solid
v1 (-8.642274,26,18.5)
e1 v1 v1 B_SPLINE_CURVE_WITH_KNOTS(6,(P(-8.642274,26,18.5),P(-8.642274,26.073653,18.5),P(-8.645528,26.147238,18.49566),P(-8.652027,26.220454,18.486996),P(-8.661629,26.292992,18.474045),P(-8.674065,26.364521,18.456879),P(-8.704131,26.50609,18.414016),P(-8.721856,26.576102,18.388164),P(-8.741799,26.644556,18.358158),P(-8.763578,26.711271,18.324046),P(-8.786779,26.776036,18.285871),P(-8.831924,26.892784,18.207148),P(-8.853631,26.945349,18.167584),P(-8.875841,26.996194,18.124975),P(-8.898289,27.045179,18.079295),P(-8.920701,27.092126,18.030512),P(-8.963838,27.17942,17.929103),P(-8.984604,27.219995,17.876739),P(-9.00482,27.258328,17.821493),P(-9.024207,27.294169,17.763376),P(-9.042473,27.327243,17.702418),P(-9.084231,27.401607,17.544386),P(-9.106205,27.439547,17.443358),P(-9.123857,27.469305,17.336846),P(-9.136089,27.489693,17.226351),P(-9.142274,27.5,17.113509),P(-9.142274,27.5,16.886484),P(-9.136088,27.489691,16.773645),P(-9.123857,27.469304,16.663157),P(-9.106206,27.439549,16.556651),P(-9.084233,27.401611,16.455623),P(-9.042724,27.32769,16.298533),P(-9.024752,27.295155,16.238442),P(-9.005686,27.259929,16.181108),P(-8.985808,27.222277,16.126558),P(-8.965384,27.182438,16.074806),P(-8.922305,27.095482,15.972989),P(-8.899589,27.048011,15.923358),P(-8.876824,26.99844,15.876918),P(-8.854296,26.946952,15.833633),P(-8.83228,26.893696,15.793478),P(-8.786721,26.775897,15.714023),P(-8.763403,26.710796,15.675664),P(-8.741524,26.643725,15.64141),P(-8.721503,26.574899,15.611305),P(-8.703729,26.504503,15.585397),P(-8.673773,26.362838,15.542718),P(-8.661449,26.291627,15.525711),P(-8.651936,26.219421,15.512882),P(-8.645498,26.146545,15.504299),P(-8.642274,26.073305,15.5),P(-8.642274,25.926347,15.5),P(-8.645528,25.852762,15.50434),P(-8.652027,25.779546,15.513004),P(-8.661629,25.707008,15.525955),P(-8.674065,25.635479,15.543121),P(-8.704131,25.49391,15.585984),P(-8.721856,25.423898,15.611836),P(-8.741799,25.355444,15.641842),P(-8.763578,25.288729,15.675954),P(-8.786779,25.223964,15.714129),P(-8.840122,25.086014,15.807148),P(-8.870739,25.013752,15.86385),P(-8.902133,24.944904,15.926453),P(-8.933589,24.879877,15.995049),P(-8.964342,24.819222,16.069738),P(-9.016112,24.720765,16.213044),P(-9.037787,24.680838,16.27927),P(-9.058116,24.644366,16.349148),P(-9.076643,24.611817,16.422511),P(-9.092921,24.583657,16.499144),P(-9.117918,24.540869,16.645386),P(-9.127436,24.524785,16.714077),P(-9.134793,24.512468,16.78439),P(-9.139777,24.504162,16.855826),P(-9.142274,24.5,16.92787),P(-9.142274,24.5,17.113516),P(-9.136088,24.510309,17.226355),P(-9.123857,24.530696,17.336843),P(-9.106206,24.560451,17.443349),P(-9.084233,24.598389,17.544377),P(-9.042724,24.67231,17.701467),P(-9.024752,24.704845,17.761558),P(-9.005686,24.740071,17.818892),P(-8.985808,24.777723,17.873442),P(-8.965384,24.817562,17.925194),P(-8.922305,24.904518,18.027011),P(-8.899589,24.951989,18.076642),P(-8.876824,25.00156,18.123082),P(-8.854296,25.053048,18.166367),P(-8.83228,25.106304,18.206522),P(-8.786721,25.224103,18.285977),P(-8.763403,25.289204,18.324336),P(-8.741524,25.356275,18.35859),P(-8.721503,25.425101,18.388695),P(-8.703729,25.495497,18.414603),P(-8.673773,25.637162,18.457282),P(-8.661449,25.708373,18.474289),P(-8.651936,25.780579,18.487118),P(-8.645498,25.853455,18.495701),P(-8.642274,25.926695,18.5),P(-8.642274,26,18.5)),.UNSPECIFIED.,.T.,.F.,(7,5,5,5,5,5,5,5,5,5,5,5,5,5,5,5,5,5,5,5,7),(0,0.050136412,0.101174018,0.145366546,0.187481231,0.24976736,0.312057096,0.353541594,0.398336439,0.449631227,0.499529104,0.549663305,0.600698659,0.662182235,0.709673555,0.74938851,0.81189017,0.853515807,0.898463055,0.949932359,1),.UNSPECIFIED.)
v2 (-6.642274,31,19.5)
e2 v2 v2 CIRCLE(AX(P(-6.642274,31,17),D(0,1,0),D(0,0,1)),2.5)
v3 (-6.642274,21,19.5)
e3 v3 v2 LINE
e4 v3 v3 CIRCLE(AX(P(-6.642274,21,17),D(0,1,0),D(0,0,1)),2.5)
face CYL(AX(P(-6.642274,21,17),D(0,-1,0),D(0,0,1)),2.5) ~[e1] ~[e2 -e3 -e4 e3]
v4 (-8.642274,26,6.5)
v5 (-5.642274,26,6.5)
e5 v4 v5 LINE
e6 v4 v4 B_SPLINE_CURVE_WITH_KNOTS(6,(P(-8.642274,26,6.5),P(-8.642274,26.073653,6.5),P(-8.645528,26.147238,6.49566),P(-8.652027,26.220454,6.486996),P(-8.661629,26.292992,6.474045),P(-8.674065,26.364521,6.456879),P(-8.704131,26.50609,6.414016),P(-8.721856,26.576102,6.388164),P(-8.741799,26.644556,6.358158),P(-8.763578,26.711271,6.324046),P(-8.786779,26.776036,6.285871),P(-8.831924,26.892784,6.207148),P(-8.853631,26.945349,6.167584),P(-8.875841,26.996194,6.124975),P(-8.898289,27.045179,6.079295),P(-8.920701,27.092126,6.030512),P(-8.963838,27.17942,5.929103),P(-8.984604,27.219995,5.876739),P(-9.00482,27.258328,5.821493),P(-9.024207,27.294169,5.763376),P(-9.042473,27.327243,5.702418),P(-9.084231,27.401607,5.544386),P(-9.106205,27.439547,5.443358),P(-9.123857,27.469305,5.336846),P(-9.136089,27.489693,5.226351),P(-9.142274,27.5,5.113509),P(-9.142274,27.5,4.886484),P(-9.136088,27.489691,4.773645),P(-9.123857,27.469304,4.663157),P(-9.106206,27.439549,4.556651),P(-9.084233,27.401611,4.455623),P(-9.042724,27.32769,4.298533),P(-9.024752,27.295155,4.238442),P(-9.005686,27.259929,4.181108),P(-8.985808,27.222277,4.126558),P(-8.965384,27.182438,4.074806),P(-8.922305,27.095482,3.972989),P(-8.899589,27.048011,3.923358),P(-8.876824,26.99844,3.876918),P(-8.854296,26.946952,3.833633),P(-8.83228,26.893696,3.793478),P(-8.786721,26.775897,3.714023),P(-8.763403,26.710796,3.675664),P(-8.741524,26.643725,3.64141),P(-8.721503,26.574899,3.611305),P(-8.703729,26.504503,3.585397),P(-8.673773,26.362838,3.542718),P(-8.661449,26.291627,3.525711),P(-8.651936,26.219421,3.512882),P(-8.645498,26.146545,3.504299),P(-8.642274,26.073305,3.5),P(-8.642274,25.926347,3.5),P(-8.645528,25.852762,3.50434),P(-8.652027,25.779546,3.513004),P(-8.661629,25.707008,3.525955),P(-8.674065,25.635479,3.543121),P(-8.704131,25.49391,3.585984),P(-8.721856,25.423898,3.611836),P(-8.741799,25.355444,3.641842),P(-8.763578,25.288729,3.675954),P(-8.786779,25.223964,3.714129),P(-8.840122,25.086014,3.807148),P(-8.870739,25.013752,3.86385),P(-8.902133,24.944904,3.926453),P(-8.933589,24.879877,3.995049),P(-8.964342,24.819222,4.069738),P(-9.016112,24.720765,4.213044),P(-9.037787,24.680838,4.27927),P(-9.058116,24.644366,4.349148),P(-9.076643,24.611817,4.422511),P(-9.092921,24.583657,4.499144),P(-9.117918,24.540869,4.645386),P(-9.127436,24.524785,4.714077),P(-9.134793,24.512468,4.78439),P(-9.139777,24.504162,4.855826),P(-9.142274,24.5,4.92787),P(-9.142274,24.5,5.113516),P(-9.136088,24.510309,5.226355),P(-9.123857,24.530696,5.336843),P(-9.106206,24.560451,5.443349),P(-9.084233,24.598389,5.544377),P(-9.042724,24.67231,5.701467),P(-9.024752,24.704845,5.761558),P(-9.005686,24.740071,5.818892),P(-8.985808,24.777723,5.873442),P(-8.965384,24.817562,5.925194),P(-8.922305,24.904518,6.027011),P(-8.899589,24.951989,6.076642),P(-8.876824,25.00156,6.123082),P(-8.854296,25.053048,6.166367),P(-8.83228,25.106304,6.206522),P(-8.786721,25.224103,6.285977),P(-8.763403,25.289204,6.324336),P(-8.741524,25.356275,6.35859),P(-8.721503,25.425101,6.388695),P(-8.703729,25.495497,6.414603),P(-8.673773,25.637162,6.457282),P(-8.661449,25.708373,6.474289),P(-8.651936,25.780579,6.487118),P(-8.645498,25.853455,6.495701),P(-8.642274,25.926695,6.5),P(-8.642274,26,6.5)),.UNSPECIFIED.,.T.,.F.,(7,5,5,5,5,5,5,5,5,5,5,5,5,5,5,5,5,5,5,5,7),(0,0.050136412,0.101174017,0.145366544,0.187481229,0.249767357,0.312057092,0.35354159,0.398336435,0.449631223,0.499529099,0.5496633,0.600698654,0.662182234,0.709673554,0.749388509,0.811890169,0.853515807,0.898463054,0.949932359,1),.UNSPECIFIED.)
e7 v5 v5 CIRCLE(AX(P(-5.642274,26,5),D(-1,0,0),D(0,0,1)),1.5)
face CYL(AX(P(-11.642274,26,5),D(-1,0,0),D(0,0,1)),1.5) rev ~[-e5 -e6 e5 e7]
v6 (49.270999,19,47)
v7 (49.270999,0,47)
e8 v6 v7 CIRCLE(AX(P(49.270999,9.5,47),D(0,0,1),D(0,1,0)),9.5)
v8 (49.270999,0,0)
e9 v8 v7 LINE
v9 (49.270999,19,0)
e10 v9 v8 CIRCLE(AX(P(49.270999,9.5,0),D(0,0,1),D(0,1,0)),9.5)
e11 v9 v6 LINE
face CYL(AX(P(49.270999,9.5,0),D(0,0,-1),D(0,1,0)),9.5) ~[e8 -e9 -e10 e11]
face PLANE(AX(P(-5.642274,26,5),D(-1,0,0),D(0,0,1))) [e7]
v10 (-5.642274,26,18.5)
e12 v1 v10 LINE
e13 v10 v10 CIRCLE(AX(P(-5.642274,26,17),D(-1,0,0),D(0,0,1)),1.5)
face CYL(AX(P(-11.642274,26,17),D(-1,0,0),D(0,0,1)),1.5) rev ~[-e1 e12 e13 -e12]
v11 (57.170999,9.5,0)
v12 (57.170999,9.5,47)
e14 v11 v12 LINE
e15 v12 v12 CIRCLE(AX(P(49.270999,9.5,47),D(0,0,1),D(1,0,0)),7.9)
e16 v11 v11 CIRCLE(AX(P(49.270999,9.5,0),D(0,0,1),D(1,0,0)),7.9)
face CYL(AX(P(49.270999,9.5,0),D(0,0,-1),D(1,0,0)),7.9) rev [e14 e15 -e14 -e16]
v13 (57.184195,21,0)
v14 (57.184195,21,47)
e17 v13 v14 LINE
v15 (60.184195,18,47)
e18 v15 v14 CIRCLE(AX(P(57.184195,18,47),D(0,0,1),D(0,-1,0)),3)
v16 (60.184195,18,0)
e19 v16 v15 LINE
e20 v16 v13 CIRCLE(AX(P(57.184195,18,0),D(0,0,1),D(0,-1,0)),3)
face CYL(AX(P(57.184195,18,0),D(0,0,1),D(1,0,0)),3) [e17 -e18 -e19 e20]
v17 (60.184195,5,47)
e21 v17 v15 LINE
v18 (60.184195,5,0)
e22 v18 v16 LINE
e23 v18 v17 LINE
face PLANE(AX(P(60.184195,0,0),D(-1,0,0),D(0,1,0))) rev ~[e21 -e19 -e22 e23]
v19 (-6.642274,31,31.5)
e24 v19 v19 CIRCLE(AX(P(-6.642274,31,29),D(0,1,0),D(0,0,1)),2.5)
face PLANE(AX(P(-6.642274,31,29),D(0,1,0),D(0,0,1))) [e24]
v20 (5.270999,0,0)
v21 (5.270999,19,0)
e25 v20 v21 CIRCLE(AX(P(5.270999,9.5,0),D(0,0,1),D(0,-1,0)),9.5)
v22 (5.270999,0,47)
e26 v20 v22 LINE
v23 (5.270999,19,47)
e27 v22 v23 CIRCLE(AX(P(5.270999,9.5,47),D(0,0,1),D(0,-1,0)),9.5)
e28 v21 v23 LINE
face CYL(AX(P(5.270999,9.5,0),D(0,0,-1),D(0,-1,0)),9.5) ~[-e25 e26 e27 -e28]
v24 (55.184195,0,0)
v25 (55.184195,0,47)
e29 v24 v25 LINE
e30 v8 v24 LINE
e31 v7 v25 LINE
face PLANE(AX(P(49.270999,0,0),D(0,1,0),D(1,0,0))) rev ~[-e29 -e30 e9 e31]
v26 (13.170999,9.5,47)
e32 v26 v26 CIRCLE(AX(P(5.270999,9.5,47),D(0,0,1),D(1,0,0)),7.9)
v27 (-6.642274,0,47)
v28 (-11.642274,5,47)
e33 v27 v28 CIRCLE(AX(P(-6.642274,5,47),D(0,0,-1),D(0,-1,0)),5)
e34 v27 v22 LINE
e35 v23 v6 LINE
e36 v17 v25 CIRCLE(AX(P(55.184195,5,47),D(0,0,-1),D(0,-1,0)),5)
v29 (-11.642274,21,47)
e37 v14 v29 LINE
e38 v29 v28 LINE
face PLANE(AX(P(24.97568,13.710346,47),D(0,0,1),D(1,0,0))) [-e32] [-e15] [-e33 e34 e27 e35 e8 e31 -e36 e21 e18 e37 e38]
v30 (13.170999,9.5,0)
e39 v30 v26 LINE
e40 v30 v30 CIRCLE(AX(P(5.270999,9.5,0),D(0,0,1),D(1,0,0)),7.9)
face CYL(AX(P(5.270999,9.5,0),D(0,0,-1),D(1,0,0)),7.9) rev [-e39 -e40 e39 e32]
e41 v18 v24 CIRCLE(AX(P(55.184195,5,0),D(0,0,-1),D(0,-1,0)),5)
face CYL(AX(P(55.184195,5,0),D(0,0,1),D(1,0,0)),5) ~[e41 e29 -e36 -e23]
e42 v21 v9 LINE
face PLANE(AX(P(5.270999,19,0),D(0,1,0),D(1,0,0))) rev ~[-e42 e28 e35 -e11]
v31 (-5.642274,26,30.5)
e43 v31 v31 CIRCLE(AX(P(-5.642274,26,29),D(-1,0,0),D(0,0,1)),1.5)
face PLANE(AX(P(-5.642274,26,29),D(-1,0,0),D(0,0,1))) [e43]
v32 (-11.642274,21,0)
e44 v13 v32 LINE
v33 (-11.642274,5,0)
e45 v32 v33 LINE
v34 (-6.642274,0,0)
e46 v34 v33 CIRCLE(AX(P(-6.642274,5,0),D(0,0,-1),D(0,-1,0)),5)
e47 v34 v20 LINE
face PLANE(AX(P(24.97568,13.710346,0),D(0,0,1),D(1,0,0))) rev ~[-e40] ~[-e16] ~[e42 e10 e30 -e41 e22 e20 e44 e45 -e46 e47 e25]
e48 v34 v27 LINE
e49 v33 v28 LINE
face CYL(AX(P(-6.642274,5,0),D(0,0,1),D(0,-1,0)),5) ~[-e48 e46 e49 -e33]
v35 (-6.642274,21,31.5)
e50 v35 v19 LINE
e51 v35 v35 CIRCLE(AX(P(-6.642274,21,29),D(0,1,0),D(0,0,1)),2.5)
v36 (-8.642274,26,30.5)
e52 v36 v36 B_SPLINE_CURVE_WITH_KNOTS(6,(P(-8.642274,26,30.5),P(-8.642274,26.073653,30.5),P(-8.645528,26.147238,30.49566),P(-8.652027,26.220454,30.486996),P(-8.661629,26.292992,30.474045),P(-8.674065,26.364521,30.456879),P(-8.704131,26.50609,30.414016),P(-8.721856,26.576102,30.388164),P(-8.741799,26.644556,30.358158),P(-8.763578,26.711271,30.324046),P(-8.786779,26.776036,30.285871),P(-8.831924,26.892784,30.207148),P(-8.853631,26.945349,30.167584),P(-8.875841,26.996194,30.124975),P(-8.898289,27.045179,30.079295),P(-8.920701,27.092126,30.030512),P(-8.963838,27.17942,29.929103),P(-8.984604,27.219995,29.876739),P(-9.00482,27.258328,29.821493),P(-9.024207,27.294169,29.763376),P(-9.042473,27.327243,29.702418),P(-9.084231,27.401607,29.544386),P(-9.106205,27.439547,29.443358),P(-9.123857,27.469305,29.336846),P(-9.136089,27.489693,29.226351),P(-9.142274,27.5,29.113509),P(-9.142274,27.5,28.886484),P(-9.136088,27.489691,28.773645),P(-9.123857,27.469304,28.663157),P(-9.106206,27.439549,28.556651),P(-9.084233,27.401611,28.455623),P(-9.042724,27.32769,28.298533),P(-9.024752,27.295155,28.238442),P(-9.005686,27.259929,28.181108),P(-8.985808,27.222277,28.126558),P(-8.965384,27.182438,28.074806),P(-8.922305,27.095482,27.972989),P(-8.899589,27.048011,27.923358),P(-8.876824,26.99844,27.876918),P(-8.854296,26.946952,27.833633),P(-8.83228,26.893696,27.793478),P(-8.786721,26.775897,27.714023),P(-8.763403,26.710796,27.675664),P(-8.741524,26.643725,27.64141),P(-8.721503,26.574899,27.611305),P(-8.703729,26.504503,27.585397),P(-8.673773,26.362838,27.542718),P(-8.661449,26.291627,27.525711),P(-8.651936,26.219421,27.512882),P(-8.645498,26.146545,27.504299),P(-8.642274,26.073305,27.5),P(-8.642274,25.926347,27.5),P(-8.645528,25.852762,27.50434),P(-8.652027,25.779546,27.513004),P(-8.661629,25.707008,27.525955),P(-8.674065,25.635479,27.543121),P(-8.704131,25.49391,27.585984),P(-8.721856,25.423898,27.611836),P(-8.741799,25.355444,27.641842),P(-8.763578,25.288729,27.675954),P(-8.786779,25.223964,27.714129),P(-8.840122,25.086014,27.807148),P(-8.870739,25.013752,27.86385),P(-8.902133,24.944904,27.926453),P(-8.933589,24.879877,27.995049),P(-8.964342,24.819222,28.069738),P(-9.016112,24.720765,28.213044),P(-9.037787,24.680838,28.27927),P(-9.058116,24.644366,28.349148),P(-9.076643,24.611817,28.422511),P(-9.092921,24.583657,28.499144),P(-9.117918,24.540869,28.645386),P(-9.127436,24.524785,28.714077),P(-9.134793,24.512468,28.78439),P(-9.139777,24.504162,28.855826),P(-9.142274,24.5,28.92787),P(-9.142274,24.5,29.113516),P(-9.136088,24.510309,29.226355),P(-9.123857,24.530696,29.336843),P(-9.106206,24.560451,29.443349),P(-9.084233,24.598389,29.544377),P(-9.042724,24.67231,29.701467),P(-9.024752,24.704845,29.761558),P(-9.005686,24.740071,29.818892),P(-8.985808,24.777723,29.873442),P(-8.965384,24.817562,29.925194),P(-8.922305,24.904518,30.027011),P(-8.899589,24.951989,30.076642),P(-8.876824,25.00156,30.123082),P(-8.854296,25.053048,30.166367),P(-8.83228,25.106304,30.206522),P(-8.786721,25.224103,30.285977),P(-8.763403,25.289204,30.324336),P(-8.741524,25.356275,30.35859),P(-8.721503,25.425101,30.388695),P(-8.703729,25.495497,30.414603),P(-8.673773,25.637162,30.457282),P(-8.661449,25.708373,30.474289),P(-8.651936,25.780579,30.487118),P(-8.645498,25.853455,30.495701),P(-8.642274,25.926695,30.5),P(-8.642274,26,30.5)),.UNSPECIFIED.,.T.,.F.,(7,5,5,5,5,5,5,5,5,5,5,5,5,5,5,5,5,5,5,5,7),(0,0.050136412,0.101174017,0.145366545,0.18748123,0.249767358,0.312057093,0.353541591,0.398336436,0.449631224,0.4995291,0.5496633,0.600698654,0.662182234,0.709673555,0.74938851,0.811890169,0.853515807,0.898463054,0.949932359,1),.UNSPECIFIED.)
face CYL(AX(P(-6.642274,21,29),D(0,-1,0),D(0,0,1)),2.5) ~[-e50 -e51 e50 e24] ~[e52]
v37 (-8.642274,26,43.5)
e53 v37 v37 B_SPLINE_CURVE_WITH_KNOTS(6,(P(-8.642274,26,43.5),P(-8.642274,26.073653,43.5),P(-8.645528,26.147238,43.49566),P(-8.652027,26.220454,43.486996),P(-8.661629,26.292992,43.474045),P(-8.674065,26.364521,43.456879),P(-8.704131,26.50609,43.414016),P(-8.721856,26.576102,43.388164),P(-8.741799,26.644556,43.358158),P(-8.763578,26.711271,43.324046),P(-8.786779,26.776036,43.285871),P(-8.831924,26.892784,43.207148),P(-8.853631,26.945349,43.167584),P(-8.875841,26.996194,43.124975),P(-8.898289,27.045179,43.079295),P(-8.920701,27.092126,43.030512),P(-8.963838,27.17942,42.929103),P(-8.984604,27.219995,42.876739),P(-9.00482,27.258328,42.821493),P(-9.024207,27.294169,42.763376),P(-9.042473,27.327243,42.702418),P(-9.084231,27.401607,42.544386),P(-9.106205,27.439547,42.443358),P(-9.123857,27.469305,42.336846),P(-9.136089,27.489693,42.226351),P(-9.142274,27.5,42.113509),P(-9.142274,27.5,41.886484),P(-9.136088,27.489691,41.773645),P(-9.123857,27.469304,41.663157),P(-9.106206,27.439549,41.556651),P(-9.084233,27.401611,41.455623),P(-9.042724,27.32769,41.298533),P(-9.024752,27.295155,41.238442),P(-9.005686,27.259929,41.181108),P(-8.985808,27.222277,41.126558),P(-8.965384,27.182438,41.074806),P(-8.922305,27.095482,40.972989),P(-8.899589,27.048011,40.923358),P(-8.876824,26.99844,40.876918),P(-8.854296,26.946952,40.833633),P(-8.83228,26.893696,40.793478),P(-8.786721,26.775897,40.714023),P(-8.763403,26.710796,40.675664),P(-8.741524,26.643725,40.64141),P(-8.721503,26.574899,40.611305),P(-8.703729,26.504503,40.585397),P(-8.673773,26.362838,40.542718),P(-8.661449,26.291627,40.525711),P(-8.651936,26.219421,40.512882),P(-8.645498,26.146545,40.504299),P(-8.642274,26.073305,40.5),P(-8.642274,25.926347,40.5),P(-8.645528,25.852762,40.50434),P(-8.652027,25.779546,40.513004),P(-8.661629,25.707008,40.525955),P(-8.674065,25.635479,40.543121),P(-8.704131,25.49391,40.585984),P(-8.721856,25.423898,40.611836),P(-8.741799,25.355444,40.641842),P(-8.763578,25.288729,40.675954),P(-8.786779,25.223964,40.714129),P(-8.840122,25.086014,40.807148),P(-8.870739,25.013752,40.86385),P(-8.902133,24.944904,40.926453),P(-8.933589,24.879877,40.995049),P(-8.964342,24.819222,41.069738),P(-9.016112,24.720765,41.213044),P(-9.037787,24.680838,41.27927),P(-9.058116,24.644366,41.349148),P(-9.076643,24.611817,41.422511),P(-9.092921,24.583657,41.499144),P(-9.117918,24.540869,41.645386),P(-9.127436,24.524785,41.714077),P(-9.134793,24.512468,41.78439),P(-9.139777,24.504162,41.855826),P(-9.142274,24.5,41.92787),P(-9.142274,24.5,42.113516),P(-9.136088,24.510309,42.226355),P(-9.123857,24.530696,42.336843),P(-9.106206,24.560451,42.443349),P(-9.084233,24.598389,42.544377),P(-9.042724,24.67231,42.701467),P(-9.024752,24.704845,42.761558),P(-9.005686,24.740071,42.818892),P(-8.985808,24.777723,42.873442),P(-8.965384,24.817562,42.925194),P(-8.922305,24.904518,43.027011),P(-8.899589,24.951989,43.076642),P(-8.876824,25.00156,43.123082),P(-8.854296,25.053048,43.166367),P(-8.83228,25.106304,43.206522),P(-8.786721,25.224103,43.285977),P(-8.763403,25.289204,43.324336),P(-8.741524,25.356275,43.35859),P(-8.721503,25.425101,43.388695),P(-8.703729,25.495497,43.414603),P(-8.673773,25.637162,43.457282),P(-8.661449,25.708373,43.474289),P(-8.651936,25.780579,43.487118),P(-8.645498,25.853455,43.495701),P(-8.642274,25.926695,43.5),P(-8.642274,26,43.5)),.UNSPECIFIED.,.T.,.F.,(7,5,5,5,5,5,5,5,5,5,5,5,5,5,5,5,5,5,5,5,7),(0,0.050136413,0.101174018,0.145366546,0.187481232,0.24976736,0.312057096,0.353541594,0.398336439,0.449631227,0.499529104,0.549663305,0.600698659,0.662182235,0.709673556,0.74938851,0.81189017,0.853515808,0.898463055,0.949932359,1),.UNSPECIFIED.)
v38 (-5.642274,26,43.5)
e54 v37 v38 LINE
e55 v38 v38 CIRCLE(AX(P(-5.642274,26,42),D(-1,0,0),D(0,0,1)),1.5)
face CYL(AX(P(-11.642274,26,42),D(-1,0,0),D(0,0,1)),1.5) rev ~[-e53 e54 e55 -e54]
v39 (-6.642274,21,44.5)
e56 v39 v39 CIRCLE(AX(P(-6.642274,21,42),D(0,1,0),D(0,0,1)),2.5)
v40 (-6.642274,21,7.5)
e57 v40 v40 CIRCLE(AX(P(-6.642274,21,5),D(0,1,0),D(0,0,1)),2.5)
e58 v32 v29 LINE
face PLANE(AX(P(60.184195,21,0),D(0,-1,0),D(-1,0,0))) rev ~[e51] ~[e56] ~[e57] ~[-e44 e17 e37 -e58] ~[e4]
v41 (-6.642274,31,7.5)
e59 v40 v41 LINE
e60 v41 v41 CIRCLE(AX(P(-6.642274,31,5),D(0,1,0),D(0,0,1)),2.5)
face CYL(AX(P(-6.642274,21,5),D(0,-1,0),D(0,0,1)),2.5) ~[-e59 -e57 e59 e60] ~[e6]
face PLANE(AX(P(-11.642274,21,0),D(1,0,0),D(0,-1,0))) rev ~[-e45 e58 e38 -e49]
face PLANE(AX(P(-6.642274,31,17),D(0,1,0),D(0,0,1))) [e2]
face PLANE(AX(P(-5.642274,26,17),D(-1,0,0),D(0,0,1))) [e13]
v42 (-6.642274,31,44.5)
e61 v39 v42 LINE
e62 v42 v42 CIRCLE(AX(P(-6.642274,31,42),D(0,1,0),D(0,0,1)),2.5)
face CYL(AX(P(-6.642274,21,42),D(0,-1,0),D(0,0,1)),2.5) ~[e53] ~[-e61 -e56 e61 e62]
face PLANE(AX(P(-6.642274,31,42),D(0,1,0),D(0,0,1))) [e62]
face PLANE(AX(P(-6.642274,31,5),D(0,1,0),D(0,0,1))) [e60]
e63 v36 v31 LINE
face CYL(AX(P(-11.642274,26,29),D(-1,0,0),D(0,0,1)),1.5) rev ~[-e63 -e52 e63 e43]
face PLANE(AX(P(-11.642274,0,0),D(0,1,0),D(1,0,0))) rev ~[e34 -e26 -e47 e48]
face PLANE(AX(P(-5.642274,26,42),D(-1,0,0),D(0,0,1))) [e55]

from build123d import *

# Parameters (mm, degrees)
ESQUISSE1_R             = 7.9
BOSS_EXTRU_1_DEPTH      = 47
CONG_1_R                = 5
CONG_2_R                = 5
CONG_4_R                = 3
ESQUISSE2_R             = 2.5
BOSS_EXTRU_2_DEPTH      = 10
ESQUISSE3_R             = 1.5
ENL_V_MAT_EXTRU_1_DEPTH = 6


with BuildPart() as part:
    # Esquisse1 → Boss.-Extru.1 (new body)
    with BuildSketch(Plane.XY):
        with BuildLine():
            ThreePointArc((5.270999392, 0), (14.770999392, 9.5), (5.270999392, 19))
            Line((5.270999392, 19), (49.270999392, 19))
            ThreePointArc((49.270999392, 19), (39.770999392, 9.5), (49.270999392, 0))
            Line((49.270999392, 0), (60.184195152, 0))
            Line((60.184195152, 0), (60.184195152, 21))
            Line((60.184195152, 21), (-11.642273667, 21))
            Line((-11.642273667, 21), (-11.642273667, 0))
            Line((-11.642273667, 0), (5.270999392, 0))
        make_face()
        with Locations((5.270999392, 9.5)):
            Circle(ESQUISSE1_R, mode=Mode.SUBTRACT)
        with Locations((49.270999392, 9.5)):
            Circle(ESQUISSE1_R, mode=Mode.SUBTRACT)
    extrude(amount=BOSS_EXTRU_1_DEPTH)

    # Congé1
    cong_1_edges = [part.edges().sort_by_distance(p)[0] for p in [
        (-11.642273667, 0, 23.5),
    ]]
    fillet(cong_1_edges, radius=CONG_1_R)

    # Congé2
    cong_2_edges = [part.edges().sort_by_distance(p)[0] for p in [
        (60.184195152, 0, 23.5),
    ]]
    fillet(cong_2_edges, radius=CONG_2_R)

    # Congé4
    cong_4_edges = [part.edges().sort_by_distance(p)[0] for p in [
        (60.184195152, 21, 23.5),
    ]]
    fillet(cong_4_edges, radius=CONG_4_R)

    # Esquisse2 → Boss.-Extru.2 (add)
    with BuildSketch(Plane(origin=(0, 21, 0), x_dir=(1, 0, 0), z_dir=(0, 1, 0))):
        with Locations(Location((-6.642273667, -42, 0), (0, 0, 270))):
            Circle(ESQUISSE2_R)
        with Locations(Location((-6.642273667, -29, 0), (0, 0, 270))):
            Circle(ESQUISSE2_R)
        with Locations(Location((-6.642273667, -17, 0), (0, 0, 270))):
            Circle(ESQUISSE2_R)
        with Locations(Location((-6.642273667, -5, 0), (0, 0, 270))):
            Circle(ESQUISSE2_R)
    extrude(amount=BOSS_EXTRU_2_DEPTH)

    # Esquisse3 → Enlèv. mat.-Extru.1 (cut)
    with BuildSketch(Plane.ZY.offset(11.642273667)):
        with Locations((5, 26)):
            Circle(ESQUISSE3_R)
        with Locations((17, 26)):
            Circle(ESQUISSE3_R)
        with Locations((29, 26)):
            Circle(ESQUISSE3_R)
        with Locations((42, 26)):
            Circle(ESQUISSE3_R)
    extrude(amount=-ENL_V_MAT_EXTRU_1_DEPTH, mode=Mode.SUBTRACT)


solid = part.part
